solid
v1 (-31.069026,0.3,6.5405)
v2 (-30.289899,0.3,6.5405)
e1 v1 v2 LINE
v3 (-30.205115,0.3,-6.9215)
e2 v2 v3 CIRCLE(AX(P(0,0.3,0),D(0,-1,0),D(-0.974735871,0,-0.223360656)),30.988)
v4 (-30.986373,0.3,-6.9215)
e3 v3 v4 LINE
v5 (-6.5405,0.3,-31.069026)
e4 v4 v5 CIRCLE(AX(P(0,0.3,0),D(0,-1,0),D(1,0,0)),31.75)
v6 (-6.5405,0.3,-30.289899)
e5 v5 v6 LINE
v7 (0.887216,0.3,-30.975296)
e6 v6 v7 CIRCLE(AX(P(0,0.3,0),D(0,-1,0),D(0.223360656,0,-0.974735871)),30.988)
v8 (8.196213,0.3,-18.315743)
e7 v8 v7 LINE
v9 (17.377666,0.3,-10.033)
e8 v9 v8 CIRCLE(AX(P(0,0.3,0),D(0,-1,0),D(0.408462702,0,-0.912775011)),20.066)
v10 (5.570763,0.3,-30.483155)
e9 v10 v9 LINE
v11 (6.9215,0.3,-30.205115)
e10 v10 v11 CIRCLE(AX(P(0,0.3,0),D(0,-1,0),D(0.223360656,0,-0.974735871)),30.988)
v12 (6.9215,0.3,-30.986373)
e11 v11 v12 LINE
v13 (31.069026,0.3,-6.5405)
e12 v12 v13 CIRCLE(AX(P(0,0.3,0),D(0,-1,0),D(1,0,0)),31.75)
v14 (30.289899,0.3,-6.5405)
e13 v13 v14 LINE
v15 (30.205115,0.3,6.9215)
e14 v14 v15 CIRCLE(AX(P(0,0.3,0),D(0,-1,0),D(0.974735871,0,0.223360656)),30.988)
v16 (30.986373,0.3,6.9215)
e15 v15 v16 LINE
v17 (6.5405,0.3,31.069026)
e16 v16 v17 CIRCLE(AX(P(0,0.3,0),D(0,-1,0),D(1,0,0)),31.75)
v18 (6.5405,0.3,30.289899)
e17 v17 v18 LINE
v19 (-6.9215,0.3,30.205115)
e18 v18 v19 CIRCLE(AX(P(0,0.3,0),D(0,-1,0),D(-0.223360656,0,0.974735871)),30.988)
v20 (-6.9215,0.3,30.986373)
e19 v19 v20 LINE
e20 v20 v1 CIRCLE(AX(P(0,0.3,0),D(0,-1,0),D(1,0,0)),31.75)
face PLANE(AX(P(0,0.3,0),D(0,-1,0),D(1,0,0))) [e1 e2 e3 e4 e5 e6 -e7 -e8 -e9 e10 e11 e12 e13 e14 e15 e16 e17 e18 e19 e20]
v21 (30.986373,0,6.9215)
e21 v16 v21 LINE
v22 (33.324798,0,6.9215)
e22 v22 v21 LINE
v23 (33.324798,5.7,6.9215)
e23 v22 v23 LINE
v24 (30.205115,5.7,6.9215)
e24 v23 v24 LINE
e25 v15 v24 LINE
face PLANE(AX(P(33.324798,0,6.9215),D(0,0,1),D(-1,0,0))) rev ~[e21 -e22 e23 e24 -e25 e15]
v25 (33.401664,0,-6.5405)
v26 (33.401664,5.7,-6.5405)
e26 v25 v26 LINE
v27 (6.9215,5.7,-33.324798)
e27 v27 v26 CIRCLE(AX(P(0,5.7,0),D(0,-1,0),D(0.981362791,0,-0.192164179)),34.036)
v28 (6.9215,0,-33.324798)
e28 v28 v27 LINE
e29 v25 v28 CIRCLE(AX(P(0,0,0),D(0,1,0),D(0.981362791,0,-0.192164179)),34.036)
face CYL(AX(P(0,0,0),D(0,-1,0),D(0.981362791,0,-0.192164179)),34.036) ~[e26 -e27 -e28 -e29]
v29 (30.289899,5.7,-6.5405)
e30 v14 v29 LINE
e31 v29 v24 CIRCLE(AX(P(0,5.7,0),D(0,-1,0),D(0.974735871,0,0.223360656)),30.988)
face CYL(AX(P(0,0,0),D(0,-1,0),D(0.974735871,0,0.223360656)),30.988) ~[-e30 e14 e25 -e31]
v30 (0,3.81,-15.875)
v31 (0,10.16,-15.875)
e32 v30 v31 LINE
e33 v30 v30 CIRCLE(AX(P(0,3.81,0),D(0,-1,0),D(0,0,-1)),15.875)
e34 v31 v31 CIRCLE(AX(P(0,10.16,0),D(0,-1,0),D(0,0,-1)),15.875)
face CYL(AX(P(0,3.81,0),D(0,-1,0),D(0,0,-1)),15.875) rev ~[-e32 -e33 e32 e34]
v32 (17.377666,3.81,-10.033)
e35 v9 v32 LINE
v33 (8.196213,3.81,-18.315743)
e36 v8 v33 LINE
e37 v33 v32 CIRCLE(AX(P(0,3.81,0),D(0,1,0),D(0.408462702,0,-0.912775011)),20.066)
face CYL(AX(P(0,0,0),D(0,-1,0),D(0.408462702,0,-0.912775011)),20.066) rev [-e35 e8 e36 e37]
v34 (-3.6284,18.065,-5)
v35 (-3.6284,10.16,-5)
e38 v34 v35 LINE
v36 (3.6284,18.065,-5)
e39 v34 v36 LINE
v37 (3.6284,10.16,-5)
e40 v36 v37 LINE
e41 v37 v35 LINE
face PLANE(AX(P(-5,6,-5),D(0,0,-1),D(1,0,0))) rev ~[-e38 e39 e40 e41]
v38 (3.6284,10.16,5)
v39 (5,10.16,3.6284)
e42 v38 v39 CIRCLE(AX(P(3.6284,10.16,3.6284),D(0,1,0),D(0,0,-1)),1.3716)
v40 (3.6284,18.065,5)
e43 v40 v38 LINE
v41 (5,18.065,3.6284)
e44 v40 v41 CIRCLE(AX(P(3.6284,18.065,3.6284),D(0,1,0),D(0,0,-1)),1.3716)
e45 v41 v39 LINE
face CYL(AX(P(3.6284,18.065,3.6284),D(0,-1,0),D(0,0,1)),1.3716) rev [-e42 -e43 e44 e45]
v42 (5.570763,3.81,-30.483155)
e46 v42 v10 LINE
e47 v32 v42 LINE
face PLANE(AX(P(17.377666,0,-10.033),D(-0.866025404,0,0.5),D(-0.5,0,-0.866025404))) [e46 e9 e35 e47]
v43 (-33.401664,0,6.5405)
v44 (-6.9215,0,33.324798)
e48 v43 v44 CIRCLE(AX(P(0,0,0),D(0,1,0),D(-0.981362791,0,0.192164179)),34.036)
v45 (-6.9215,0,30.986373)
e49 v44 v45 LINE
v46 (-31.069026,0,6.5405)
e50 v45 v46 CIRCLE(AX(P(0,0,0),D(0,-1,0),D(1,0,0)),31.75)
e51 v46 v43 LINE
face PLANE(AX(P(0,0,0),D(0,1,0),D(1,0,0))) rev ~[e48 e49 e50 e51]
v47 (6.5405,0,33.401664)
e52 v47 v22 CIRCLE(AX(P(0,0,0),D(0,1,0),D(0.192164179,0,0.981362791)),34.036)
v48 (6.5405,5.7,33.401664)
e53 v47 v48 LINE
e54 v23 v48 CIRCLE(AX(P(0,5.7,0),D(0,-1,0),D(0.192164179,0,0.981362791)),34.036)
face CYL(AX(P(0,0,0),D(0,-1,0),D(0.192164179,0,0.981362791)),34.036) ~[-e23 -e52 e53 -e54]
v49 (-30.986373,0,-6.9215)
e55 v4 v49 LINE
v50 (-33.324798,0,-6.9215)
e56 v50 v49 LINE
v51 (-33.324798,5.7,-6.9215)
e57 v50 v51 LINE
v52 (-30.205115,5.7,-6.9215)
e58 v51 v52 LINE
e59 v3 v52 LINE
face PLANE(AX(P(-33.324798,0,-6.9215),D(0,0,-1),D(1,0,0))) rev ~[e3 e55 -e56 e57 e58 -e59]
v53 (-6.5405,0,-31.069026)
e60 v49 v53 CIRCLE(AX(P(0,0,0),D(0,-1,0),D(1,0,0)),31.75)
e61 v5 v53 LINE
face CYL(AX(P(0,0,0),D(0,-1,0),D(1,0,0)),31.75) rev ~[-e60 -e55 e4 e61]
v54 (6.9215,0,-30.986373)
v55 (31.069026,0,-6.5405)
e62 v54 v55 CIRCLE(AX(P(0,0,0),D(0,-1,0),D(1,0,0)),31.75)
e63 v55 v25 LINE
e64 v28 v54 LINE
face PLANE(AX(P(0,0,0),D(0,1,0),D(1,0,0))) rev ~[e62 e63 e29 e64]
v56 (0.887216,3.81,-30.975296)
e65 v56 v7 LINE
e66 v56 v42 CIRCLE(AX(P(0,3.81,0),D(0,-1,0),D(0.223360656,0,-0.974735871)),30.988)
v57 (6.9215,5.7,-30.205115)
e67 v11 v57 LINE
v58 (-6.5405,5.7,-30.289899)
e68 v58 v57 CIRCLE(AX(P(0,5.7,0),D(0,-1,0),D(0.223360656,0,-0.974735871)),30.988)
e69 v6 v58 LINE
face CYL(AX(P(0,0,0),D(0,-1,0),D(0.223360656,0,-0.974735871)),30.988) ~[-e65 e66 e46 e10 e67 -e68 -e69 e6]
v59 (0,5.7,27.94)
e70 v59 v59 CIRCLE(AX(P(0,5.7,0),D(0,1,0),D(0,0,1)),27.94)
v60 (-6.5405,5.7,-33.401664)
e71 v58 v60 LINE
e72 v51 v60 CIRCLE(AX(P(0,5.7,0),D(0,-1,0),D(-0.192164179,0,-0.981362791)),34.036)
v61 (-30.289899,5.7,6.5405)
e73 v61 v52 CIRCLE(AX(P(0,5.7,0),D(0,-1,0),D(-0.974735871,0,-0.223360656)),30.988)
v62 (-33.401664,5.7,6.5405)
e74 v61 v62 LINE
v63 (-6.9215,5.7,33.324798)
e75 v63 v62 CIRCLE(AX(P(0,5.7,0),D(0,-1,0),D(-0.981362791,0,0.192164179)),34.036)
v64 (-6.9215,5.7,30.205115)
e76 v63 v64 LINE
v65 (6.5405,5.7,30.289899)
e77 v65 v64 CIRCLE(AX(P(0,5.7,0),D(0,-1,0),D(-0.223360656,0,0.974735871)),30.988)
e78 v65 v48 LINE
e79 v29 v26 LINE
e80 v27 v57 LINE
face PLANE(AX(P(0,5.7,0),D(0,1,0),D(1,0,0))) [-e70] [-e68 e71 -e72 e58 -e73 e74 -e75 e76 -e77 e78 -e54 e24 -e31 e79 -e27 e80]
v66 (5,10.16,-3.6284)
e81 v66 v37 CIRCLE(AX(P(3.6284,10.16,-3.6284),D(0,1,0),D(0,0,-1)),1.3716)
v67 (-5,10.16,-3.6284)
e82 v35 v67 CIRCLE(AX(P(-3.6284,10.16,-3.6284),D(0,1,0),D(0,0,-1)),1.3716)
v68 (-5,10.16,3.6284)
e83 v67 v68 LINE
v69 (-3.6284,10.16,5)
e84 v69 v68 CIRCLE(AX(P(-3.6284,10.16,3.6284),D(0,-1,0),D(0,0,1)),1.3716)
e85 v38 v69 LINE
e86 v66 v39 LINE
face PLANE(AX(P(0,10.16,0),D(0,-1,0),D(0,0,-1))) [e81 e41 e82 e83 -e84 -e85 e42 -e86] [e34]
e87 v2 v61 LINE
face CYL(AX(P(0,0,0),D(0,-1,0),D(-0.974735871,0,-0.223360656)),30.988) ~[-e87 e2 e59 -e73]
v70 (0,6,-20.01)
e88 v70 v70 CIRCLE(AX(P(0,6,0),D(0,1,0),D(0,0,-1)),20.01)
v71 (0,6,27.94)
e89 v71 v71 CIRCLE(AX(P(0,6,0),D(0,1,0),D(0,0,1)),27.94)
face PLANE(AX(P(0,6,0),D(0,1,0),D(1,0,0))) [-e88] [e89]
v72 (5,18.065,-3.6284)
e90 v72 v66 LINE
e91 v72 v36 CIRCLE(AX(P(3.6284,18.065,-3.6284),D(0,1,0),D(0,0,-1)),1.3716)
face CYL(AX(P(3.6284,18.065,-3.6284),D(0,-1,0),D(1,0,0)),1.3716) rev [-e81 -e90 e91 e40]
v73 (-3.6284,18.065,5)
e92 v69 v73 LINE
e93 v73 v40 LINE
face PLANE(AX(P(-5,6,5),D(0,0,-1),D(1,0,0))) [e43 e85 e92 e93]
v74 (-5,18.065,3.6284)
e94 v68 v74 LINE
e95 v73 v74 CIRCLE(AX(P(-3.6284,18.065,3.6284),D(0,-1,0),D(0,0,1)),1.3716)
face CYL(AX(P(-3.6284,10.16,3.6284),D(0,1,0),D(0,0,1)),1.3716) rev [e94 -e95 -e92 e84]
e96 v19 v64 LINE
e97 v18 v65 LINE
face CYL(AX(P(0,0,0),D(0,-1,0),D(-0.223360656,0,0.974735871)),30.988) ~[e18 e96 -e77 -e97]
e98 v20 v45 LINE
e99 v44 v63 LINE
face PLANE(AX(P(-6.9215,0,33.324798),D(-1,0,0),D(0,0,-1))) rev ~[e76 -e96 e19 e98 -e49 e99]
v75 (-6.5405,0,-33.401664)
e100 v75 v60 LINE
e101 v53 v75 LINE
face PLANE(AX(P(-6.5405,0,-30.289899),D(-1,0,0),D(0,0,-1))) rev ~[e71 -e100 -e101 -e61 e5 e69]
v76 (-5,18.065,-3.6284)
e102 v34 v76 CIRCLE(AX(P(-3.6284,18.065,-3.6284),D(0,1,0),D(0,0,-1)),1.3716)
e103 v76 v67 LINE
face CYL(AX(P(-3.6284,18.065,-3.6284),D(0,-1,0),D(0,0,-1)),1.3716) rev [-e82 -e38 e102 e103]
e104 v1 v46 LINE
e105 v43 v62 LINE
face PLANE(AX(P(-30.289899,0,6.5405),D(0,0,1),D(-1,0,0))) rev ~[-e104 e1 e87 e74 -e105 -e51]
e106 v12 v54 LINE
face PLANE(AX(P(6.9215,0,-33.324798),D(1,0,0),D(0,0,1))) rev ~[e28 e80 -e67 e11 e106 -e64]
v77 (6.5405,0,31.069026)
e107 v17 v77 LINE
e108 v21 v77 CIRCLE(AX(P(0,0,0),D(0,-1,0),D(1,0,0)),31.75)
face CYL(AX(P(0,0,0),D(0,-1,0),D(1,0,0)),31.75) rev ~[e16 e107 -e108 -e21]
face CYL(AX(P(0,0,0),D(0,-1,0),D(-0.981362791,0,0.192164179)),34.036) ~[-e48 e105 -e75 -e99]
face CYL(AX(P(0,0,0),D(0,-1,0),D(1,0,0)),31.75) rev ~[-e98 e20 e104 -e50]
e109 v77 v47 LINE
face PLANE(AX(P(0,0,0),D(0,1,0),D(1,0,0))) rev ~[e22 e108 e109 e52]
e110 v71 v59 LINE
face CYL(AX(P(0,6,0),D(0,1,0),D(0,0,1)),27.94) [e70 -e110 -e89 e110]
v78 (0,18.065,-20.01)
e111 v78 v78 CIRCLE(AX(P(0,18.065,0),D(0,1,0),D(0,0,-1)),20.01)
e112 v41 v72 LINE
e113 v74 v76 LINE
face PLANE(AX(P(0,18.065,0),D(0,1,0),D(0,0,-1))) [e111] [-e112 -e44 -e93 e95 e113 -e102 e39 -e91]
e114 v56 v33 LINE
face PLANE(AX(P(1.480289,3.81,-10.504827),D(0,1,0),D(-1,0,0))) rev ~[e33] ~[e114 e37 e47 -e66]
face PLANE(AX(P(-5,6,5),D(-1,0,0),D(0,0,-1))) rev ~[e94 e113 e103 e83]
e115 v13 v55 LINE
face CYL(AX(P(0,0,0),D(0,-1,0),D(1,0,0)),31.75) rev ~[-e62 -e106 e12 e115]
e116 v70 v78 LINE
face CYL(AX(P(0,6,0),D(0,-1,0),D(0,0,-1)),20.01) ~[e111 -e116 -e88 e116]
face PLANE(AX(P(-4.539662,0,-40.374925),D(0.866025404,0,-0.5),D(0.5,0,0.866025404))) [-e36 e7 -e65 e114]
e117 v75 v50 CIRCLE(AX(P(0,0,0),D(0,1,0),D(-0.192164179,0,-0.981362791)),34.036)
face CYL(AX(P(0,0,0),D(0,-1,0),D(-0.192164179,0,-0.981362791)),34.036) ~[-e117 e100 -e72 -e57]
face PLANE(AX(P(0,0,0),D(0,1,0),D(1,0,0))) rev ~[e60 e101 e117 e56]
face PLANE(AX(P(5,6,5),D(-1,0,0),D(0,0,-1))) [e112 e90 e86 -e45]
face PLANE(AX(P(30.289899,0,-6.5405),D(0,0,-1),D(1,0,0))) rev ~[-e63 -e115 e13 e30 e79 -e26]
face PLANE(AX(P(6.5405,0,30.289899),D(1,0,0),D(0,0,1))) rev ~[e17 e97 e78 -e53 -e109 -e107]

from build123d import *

# Parameters (mm, degrees)
SKETCH1_W           = 10
SKETCH1_H           = 10
BOSS_EXTRUDE2_DEPTH = 6
CUT_EXTRUDE1_DEPTH  = 3.81
SKETCH3_R           = 31.75
CUT_EXTRUDE2_DEPTH  = 0.3
SKETCH4_R           = 20.01
SKETCH4_W           = 10
SKETCH4_H           = 10
BOSS_EXTRUDE3_DEPTH = 12.065
SKETCH5_R           = 15.875
CUT_EXTRUDE3_DEPTH  = 6.35
FILLET1_R           = 1.3716
SKETCH6_R           = 54.970137174
SKETCH6_R_2         = 27.94
CUT_EXTRUDE4_DEPTH  = 0.3


with BuildPart() as part:
    # Sketch1 → Boss-Extrude2 (new body)
    with BuildSketch(Plane(origin=(0, 0, 0), x_dir=(1, 0, 0), z_dir=(0, 1, 0))):
        with BuildLine():
            Line((30.289899368, 6.5405), (33.401663967, 6.5405))
            ThreePointArc((33.401663967, 6.5405), (24.204111991, 23.929276184), (6.9215, 33.32479758))
            Line((6.9215, 33.32479758), (6.9215, 30.205115159))
            ThreePointArc((6.9215, 30.205115159), (0.195159782, 30.987385444), (-6.5405, 30.289899368))
            Line((-6.5405, 30.289899368), (-6.5405, 33.401663967))
            ThreePointArc((-6.5405, 33.401663967), (-23.929276184, 24.204111991), (-33.32479758, 6.9215))
            Line((-33.32479758, 6.9215), (-30.205115159, 6.9215))
            ThreePointArc((-30.205115159, 6.9215), (-30.987385444, 0.195159782), (-30.289899368, -6.5405))
            Line((-30.289899368, -6.5405), (-33.401663967, -6.5405))
            ThreePointArc((-33.401663967, -6.5405), (-24.204111991, -23.929276184), (-6.9215, -33.32479758))
            Line((-6.9215, -33.32479758), (-6.9215, -30.205115159))
            ThreePointArc((-6.9215, -30.205115159), (-0.195159782, -30.987385444), (6.5405, -30.289899368))
            Line((6.5405, -30.289899368), (6.5405, -33.401663967))
            ThreePointArc((6.5405, -33.401663967), (23.929276184, -24.204111991), (33.32479758, -6.9215))
            Line((33.32479758, -6.9215), (30.205115159, -6.9215))
            ThreePointArc((30.205115159, -6.9215), (30.987385444, -0.195159782), (30.289899368, 6.5405))
        make_face()
        Rectangle(SKETCH1_W, SKETCH1_H, mode=Mode.SUBTRACT)
    extrude(amount=BOSS_EXTRUDE2_DEPTH)

    # Sketch2 → Cut-Extrude1 (cut)
    with BuildSketch(Plane.XZ):
        with BuildLine():
            Line((17.377665752, -10.033), (-0.286554615, -40.628327152))
            ThreePointArc((-0.286554615, -40.628327152), (-2.416432138, -40.557415308), (-4.539661745, -40.374924792))
            Line((-4.539661745, -40.374924792), (8.196212586, -18.315743371))
            ThreePointArc((8.196212586, -18.315743371), (-13.440862054, 14.899247741), (17.377665752, -10.033))
        make_face()
    extrude(amount=-CUT_EXTRUDE1_DEPTH, mode=Mode.SUBTRACT)

    # Sketch3 → Cut-Extrude2 (cut)
    with BuildSketch(Plane.XZ):
        Circle(SKETCH3_R)
    extrude(amount=-CUT_EXTRUDE2_DEPTH, mode=Mode.SUBTRACT)

    # Sketch4 → Boss-Extrude3 (add)
    with BuildSketch(Plane(origin=(0, 6, 0), x_dir=(1, 0, 0), z_dir=(0, 1, 0))):
        with Locations(Location((0, 0, 0), (0, 0, 90))):
            Circle(SKETCH4_R)
        Rectangle(SKETCH4_W, SKETCH4_H, mode=Mode.SUBTRACT)
    extrude(amount=BOSS_EXTRUDE3_DEPTH)

    # Sketch5 → Cut-Extrude3 (cut)
    with BuildSketch(Plane.XZ.offset(-3.81)):
        with Locations(Location((0, 0, 0), (0, 0, 270))):
            Circle(SKETCH5_R)
    extrude(amount=-CUT_EXTRUDE3_DEPTH, mode=Mode.SUBTRACT)

    # Fillet1
    fillet1_edges = [part.edges().sort_by_distance(p)[0] for p in [
        (5, 14.1125, -5),
        (-5, 14.1125, -5),
        (-5, 14.1125, 5),
        (5, 14.1125, 5),
    ]]
    fillet(fillet1_edges, radius=FILLET1_R)

    # Sketch6 → Cut-Extrude4 (cut)
    with BuildSketch(Plane(origin=(0, 6, 0), x_dir=(1, 0, 0), z_dir=(0, 1, 0))):
        Circle(SKETCH6_R)
        with Locations(Location((0, 0, 0), (0, 0, 270))):
            Circle(SKETCH6_R_2, mode=Mode.SUBTRACT)
    extrude(amount=-CUT_EXTRUDE4_DEPTH, mode=Mode.SUBTRACT)


solid = part.part
